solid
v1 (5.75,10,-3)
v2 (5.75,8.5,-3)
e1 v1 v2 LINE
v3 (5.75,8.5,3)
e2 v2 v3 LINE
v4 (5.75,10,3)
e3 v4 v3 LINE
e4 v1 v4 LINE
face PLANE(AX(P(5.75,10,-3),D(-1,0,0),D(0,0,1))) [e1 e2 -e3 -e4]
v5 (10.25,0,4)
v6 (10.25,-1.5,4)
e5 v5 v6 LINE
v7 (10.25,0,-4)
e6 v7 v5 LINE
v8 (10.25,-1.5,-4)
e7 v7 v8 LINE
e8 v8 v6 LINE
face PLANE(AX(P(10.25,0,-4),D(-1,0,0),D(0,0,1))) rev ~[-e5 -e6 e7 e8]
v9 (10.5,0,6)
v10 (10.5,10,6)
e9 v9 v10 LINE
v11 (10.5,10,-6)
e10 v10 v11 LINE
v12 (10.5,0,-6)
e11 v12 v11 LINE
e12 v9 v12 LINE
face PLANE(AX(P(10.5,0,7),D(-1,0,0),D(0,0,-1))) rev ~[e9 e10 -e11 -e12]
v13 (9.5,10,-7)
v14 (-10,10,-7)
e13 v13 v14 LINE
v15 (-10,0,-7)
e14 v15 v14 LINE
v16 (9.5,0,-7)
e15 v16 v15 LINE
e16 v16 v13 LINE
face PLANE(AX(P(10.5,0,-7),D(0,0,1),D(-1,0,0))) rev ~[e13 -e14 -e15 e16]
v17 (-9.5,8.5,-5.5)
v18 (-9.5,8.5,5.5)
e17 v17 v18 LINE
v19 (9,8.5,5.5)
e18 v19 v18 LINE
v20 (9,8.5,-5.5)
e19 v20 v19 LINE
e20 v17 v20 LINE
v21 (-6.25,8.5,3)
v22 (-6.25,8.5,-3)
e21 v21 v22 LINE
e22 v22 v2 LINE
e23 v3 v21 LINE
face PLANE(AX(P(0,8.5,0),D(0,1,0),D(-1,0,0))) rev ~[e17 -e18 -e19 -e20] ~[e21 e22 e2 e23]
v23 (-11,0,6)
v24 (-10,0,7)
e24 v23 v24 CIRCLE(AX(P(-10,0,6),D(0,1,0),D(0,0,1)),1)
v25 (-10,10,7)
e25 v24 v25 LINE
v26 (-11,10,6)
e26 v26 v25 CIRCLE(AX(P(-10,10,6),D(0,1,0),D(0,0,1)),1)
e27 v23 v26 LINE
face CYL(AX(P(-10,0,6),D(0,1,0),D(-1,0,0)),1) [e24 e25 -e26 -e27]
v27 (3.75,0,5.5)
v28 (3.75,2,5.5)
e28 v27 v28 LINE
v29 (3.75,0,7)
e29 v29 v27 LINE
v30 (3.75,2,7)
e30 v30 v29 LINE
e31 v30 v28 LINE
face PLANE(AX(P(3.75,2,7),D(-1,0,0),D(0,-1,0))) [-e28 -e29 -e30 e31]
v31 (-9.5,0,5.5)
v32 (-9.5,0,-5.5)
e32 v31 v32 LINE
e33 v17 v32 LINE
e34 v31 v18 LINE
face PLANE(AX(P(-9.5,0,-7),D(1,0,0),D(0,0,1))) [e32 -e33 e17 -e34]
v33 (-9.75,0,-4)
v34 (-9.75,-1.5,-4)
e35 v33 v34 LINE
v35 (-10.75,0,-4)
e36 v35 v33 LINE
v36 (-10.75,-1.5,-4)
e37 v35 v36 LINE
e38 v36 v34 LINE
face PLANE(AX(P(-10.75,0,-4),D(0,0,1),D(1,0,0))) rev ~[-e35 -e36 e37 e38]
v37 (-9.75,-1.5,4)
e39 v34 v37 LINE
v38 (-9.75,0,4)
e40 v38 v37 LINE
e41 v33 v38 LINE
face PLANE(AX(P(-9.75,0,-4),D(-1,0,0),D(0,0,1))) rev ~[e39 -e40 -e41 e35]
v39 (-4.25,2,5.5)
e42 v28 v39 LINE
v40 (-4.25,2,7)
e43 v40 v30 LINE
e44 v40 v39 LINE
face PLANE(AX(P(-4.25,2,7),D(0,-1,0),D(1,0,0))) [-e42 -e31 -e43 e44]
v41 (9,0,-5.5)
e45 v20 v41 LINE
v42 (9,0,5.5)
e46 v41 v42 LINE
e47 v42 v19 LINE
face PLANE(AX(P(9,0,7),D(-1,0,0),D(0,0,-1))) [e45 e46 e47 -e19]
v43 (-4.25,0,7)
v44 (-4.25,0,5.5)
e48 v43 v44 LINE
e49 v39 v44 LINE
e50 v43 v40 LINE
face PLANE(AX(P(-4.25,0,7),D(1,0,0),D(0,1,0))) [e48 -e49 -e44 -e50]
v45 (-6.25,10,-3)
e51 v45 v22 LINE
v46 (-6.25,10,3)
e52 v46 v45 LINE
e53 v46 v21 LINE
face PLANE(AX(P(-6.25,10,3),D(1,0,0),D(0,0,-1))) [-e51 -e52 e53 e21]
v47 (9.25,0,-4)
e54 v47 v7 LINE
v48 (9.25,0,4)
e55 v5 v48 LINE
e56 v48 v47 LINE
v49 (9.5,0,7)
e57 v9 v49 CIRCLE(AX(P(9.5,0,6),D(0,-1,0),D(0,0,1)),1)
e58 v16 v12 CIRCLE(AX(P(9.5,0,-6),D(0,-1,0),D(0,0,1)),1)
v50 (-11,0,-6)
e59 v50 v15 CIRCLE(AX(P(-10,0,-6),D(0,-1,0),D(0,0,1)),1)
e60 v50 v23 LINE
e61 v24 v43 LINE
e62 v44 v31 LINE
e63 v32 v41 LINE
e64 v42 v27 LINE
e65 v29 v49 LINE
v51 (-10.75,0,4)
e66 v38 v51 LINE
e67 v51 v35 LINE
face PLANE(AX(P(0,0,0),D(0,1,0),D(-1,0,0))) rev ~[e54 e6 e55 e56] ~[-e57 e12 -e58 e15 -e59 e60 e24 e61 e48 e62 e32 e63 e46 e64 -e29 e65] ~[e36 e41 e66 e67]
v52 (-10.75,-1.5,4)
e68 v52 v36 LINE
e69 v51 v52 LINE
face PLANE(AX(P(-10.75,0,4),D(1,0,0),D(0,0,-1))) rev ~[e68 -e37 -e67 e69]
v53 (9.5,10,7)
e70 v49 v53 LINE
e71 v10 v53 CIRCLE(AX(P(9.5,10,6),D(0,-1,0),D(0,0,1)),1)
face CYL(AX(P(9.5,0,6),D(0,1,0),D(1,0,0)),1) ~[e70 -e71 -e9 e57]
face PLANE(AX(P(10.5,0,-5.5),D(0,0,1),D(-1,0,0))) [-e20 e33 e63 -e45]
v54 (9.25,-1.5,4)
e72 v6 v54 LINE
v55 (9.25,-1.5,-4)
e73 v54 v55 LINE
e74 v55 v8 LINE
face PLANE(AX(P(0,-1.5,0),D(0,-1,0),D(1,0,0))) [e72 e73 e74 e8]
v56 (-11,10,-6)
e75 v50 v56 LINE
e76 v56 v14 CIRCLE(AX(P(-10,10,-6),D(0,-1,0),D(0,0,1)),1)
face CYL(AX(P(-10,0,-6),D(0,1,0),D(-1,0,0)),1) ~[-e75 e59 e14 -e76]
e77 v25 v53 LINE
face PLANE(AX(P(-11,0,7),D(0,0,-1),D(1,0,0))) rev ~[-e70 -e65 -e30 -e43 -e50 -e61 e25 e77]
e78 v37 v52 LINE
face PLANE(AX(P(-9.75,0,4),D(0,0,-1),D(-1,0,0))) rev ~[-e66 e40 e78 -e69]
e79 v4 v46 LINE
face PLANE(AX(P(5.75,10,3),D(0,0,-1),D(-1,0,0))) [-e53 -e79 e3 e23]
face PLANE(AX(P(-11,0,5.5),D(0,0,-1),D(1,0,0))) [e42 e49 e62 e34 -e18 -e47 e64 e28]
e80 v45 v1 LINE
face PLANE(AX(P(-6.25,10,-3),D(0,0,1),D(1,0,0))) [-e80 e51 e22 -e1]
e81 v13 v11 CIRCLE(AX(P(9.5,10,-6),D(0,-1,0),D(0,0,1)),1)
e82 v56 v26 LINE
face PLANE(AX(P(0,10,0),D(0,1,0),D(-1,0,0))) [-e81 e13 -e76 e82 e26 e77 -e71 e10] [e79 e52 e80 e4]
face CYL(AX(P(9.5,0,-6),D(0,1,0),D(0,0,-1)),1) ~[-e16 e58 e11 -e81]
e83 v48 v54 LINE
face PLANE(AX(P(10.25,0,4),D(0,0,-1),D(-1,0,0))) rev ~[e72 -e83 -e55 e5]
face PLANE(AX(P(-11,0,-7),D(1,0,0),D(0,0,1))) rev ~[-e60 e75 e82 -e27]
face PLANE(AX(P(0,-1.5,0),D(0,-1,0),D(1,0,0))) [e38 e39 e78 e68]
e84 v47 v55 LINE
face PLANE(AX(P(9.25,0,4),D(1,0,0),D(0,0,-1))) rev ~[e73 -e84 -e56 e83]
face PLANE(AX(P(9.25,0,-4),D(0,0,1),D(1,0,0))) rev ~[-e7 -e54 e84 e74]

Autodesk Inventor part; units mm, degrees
ref_plane "YZ Plane" through (0, 0, 0) normal (1, 0, 0) x (0, 1, 0)
ref_plane "XZ Plane" through (0, 0, 0) normal (0, 1, 0) x (-1, 0, 0)
ref_plane "XY Plane" through (0, 0, 0) normal (0, 0, 1) x (1, 0, 0)
sketch "Sketch1" plane through (0, 0, 0) normal (0, 1, 0) x (-1, 0, 0)
  line L0 (11, 7) -> (-10.5, 7)
  line L1 (-10.5, 7) -> (-10.5, -7)
  line L2 (-10.5, -7) -> (11, -7)
  line L3 (11, -7) -> (11, 7)
  point P0 (0, 0)
  dimension "d0" = 21.5
  dimension "d1" = 14
  dimension "d2" = 7
  dimension "d3" = 11
extrude "Extrusion1" add sketch "Sketch1" along normal blind 10
fillet "Fillet1" radius 1 4 edges at (10.5, 5, 7) (10.5, 5, -7) (-11, 5, -7) (-11, 5, 7)
shell "Shell1" thickness 1.5 removed faces 1 at (3, 0, 2.3333)
sketch "Sketch2" plane through (0, 10, 0) normal (0, 1, 0) x (1, 0, 0)
  line L0 (-6.25, 3) -> (5.75, 3)
  line L1 (5.75, 3) -> (5.75, -3)
  line L2 (5.75, -3) -> (-6.25, -3)
  line L3 (-6.25, -3) -> (-6.25, 3)
  line L4 (10.5, -6) -> (10.5, 6) projected
  point P0 (0, 0)
  dimension "d8" = 6
  dimension "d9" = 12
  dimension "d10" = 3
  dimension "d33" = 4.75
extrude "Extrusion2" cut sketch "Sketch2" against normal blind 10
sketch "Sketch4" plane through (0, 0, 0) normal (0, -1, 0) x (1, 0, 0)
  line L0 (10.25, 4) -> (9.25, 4)
  line L1 (9.25, 4) -> (9.25, -4)
  line L2 (9.25, -4) -> (10.25, -4)
  line L3 (10.25, -4) -> (10.25, 4)
  line L4 (10.5, 6) -> (10.5, -6) projected
  line L5 (-9.5, 5.5) -> (9, 5.5) projected
  line L6 (-9.75, 4) -> (-10.75, 4)
  line L7 (-10.75, 4) -> (-10.75, -4)
  line L8 (-10.75, -4) -> (-9.75, -4)
  line L9 (-9.75, -4) -> (-9.75, 4)
  line L10 (-11, -6) -> (-11, 6) projected
  line L11 (9, -5.5) -> (-9.5, -5.5) projected
  line L12 (-10, 7) -> (9.5, 7) projected
  line L13 (9.5, -7) -> (-10, -7) projected
  point P0 (0, 0)
  dimension "d20" = 1
  dimension "d23" = 1
  dimension "d24" = 8
  dimension "d25" = 0.25
  dimension "d29" = 3
  dimension "d30" = 3
  dimension "d31" = 8
  dimension "d32" = 0.25
extrude "Extrusion3" add sketch "Sketch4" along normal blind 1.5
sketch "Sketch5" plane through (-10, 0, 7) normal (0, 0, 1) x (1, 0, 0)
  line L0 (0, 0) -> (19.5, 0) projected
  line L1 (5.75, 2) -> (13.75, 2)
  line L2 (13.75, 2) -> (13.75, 0)
  line L3 (13.75, 0) -> (5.75, 0)
  line L4 (5.75, 0) -> (5.75, 2)
  line L5 (-1, 10) -> (-1, 0) projected
  point P0 (10, 0)
  dimension "d34" = 8
  dimension "d35" = 2
  dimension "d36" = 6.75
extrude "Extrusion4" cut sketch "Sketch5" against normal blind 10
properties part number "Black_Keyboard_Button_Base"
